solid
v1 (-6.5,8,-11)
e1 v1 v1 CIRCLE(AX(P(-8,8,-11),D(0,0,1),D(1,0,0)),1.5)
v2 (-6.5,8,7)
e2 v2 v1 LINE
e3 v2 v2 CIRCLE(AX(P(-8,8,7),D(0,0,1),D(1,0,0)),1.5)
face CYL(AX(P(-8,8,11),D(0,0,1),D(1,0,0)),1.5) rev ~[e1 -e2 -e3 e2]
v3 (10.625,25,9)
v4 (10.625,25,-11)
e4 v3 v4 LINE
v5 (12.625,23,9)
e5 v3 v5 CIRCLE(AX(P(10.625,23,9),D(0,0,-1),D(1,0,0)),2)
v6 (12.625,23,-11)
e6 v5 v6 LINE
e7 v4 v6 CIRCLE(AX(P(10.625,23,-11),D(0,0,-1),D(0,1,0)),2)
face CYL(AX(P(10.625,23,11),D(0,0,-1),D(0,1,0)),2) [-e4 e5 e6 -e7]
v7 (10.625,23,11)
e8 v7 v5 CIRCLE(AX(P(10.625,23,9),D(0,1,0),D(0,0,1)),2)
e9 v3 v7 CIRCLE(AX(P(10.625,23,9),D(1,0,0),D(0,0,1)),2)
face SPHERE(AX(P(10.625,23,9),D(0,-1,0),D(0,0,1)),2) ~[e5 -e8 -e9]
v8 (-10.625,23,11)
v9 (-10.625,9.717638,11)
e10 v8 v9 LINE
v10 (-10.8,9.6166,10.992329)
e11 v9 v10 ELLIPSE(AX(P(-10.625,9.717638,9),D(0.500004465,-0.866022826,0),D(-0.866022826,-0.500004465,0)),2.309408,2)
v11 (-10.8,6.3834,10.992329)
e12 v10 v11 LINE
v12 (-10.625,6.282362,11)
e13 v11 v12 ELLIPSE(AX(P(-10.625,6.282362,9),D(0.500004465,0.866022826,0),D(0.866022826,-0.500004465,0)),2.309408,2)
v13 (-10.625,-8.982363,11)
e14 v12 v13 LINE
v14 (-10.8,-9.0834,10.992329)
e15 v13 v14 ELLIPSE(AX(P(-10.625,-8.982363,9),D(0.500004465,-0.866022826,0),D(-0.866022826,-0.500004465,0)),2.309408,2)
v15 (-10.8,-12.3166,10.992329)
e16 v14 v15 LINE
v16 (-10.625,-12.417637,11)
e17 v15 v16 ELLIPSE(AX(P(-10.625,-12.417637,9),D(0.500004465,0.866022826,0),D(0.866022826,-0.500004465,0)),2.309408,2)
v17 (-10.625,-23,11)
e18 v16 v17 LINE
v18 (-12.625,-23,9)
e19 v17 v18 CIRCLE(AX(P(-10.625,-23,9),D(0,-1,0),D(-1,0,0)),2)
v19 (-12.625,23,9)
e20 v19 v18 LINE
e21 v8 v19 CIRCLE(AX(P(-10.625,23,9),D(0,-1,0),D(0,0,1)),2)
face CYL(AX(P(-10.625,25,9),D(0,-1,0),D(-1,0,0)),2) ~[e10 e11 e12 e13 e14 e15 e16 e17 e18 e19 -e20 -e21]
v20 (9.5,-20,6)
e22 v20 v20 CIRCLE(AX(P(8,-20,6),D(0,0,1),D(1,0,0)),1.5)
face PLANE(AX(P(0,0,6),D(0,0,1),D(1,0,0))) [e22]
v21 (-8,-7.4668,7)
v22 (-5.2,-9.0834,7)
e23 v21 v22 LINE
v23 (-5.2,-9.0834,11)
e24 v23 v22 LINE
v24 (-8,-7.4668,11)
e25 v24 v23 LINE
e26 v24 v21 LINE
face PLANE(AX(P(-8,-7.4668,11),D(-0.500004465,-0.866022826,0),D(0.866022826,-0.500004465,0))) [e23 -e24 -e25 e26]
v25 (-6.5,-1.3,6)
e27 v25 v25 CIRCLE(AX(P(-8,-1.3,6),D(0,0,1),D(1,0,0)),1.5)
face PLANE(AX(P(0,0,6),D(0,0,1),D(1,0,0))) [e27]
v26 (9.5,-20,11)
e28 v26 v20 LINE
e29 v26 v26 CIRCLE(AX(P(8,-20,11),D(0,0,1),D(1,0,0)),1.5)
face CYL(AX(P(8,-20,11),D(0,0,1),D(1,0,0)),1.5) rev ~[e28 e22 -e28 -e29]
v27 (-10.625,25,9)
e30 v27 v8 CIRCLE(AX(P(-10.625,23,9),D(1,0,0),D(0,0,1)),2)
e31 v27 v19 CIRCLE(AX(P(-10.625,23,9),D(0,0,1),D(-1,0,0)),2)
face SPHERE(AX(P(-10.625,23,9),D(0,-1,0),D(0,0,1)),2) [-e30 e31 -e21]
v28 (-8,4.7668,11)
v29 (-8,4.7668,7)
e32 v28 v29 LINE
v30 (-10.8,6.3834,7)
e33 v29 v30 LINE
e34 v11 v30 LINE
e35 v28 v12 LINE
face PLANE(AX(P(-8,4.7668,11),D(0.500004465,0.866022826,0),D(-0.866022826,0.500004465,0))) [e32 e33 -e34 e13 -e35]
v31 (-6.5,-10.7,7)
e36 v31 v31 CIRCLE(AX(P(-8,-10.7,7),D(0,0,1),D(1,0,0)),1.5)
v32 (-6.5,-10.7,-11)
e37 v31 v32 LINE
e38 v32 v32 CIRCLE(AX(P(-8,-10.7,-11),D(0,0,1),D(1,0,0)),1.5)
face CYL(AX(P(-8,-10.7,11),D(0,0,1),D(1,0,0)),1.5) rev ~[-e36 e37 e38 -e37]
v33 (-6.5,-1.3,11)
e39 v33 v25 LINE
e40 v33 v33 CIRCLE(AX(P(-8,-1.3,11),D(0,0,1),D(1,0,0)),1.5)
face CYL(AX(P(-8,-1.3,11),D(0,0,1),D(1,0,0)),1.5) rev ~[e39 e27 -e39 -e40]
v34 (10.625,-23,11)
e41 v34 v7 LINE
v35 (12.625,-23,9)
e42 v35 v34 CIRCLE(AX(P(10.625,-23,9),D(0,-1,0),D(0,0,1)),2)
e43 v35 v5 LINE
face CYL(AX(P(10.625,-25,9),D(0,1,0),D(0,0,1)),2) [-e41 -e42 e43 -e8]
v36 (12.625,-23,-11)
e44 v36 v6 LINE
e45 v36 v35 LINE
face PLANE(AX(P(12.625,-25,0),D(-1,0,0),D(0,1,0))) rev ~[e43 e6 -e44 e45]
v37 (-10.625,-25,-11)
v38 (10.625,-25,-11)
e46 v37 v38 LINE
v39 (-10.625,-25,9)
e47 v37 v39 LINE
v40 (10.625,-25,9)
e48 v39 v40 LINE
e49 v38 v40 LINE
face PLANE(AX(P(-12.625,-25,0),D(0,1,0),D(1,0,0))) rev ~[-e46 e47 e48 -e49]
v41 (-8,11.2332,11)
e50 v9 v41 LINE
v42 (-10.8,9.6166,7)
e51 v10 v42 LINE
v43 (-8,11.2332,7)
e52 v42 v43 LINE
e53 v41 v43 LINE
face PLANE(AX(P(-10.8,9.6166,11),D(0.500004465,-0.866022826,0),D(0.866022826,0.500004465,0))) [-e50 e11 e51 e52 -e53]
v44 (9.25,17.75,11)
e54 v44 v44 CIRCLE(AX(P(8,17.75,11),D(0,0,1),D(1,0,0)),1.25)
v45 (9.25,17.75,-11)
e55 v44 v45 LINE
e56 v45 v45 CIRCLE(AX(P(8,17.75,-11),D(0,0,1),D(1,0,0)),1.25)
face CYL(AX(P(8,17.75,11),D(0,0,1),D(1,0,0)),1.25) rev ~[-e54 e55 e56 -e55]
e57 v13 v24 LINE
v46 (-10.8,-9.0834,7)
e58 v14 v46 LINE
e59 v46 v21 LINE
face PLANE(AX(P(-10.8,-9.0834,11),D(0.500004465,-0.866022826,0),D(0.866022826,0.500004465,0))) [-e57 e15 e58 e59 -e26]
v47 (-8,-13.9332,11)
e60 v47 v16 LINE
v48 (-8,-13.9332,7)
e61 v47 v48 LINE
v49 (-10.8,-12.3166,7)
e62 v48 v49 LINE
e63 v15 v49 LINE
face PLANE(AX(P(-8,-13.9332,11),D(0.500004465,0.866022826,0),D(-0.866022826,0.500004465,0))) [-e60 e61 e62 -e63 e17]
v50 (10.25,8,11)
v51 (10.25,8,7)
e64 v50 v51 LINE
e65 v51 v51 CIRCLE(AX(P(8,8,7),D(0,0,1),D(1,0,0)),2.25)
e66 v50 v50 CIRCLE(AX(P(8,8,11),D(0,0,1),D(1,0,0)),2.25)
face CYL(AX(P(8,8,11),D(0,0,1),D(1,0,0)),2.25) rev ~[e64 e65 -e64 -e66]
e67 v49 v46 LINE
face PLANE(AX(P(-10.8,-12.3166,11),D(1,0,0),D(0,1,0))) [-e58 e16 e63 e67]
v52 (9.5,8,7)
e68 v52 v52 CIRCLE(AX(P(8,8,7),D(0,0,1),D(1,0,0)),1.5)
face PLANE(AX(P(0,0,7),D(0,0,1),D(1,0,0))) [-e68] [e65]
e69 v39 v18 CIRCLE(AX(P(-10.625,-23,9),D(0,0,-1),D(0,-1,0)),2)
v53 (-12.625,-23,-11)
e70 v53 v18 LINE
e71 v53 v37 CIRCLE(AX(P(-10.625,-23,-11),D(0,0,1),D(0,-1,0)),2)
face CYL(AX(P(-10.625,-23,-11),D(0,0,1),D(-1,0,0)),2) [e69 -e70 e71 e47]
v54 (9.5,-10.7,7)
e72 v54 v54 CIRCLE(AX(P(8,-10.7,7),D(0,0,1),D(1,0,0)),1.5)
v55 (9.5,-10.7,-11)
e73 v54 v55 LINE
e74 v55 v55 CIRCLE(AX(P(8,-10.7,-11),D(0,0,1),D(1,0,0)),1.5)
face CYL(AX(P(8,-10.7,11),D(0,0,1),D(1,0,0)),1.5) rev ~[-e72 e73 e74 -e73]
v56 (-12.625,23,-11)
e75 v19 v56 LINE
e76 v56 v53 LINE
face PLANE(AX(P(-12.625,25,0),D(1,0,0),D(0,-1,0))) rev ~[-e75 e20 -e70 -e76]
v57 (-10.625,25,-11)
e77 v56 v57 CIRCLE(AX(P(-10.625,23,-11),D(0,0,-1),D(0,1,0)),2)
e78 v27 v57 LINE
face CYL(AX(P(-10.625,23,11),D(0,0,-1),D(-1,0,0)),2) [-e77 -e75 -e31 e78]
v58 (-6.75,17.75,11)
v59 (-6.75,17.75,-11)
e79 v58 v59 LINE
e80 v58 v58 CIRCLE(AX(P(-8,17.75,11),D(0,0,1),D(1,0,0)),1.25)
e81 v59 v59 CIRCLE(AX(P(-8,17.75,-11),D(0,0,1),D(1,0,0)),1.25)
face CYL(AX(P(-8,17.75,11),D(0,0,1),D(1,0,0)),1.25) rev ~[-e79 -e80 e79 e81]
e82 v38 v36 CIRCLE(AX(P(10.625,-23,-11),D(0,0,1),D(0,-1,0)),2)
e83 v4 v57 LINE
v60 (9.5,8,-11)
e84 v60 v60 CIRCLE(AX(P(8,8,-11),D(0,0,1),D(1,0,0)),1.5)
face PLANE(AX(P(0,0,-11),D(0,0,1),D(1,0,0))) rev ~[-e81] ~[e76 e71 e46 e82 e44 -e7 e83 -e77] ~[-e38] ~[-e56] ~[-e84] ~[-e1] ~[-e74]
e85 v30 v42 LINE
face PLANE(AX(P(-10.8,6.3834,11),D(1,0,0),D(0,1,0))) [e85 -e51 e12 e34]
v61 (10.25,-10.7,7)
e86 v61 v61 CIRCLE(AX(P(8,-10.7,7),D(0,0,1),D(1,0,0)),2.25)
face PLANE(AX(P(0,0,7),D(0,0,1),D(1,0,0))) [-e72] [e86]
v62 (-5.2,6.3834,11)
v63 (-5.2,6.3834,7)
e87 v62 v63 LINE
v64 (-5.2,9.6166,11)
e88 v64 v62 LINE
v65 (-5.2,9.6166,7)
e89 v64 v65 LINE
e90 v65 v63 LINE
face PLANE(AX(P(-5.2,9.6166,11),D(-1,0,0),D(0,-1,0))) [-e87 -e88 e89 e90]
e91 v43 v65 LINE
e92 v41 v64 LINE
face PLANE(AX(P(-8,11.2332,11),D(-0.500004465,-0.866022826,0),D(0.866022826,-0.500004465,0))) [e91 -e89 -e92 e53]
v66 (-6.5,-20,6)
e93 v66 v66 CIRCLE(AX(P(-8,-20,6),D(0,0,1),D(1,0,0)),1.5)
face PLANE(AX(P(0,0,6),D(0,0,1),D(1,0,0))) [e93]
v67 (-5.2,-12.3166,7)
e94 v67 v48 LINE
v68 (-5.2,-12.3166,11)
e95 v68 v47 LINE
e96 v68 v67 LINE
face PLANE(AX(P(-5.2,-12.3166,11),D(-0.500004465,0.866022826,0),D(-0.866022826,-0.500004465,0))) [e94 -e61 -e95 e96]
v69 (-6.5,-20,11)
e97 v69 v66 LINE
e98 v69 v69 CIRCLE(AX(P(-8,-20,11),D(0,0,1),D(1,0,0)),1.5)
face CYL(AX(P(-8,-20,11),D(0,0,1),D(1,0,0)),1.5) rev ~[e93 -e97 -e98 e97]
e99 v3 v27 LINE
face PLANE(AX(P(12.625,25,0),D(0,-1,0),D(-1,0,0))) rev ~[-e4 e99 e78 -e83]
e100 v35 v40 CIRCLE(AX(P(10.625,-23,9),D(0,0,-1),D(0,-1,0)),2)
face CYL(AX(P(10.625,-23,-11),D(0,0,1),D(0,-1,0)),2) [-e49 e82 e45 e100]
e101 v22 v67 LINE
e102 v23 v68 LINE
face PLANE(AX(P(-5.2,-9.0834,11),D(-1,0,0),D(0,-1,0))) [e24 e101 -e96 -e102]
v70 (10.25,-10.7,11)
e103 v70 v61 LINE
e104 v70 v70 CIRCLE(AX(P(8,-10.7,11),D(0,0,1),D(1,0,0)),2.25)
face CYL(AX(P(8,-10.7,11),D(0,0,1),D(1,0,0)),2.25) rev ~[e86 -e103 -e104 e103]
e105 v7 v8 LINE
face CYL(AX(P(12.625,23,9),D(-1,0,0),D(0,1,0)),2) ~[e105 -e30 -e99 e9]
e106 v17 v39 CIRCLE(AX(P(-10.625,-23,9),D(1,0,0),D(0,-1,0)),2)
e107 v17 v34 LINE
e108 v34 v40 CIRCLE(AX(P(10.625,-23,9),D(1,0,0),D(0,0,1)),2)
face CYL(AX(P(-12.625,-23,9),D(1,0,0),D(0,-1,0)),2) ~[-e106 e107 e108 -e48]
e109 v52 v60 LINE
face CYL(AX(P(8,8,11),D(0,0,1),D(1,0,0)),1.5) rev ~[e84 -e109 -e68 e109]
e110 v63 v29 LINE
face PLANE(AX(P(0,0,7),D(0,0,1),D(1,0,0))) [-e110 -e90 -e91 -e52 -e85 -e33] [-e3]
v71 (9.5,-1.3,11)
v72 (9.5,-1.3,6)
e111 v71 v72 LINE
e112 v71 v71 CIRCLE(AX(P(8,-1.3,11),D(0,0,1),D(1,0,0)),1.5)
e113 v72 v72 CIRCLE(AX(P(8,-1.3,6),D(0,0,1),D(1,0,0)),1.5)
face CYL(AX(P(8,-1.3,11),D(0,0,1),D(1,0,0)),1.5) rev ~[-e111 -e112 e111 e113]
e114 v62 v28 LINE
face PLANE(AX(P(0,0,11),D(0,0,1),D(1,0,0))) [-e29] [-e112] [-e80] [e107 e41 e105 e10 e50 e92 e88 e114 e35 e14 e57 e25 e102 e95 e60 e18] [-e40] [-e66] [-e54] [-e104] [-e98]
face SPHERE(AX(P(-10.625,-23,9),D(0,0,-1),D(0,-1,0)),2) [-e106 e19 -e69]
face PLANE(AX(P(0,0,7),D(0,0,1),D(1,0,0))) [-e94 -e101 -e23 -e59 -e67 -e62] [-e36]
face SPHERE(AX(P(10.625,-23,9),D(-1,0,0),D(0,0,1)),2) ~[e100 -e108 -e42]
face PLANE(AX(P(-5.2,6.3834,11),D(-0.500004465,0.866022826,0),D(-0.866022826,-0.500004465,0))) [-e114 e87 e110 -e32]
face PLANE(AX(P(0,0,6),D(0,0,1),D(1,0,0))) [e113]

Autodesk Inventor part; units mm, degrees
ref_plane "YZ Plane" through (0, 0, 0) normal (1, 0, 0) x (0, 1, 0)
ref_plane "XZ Plane" through (0, 0, 0) normal (0, 1, 0) x (-1, 0, 0)
ref_plane "XY Plane" through (0, 0, 0) normal (0, 0, 1) x (1, 0, 0)
sketch "Эскиз1" plane through (0, 0, 0) normal (0, 0, 1) x (1, 0, 0)
  line L0 (-12.625, -25) -> (12.625, -25)
  line L1 (12.625, -25) -> (12.625, 25)
  line L2 (12.625, 25) -> (-12.625, 25)
  line L3 (-12.625, 25) -> (-12.625, -25)
  line L4 (-12.625, -25) -> (12.625, 25) construction
  line L5 (12.625, -25) -> (-12.625, 25) construction
  point P0 (0, 0)
  dimension "d0" = 25.25
  dimension "d1" = 50
extrude "Выдавливание1" add sketch "Эскиз1" along normal mid plane 22
fillet "Сопряжение1" radius 2 8 edges at (-12.625, -25, 0) (0, -25, 11) (-12.625, 0, 11) (12.625, 0, 11) (12.625, -25, 0) (0, 25, 11) (12.625, 25, 0) (-12.625, 25, 0)
sketch "Эскиз2" plane through (0, 0, 11) normal (0, 0, 1) x (1, 0, 0)
  circle A0 centre (-8, 17.75) radius 1.25
  circle A1 centre (8, 17.75) radius 1.25
  line L0 (-10.625, 23) -> (10.625, 23) projected
  point P0 (0, 0)
  dimension "d17" = 5.25
  dimension "d18" = 5.25
extrude "Выдавливание2" cut sketch "Эскиз2" against normal up to surface (22 mm away)
sketch "Эскиз3" plane through (0, 0, 11) normal (0, 0, 1) x (1, 0, 0)
  point P0 (0, 0)
sketch "Эскиз4" plane through (0, 0, 11) normal (0, 0, 1) x (1, 0, 0)
  circle A0 centre (8, 8) radius 1.5
  circle A1 centre (-8, 8) radius 1.5
  line L0 (-8, 8) -> (8, 8) construction
  circle A2 centre (-8, 17.75) radius 1.25 construction
  line L1 (-8, 17.75) -> (-8, 4.7032) construction
  line L2 (10.625, -23) -> (-10.625, -23) construction
  point P0 (0, 0)
  dimension "d7" = 3
  dimension "d8" = 16
  dimension "d16" = 9.75
extrude "Выдавливание3" cut sketch "Эскиз4" against normal up to surface (22 mm away)
sketch "Эскиз5" plane through (0, 0, 11) normal (0, 0, 1) x (1, 0, 0)
  circle A0 centre (8, 8) radius 1.5 projected
  circle A1 centre (8, 8) radius 2.25
  circle A2 centre (-8, 8) radius 1.5 projected
  line L0 (-8, 11.2332) -> (-5.2, 9.6166)
  line L1 (-5.2, 9.6166) -> (-5.2, 6.3834)
  line L2 (-5.2, 6.3834) -> (-8, 4.7668)
  line L3 (-8, 4.7668) -> (-10.8, 6.3834)
  line L4 (-10.8, 6.3834) -> (-10.8, 9.6166)
  line L5 (-10.8, 9.6166) -> (-8, 11.2332)
  point P0 (0, 0)
  dimension "d12" = 4.5
  dimension "d15" = 5.6
extrude "Выдавливание4" cut sketch "Эскиз5" against normal blind 4
sketch "Эскиз6" plane through (0, 0, 11) normal (0, 0, 1) x (1, 0, 0)
  circle A0 centre (-8, -1.3) radius 1.5
  circle A1 centre (8, -1.3) radius 1.5
  circle A2 centre (-8, -20) radius 1.5
  circle A3 centre (8, -20) radius 1.5
  line L0 (-8, -1.3) -> (-8, -20) construction
  line L1 (-8, -1.3) -> (8, -1.3) construction
  line L2 (-8, -20) -> (8, -20) construction
  line L3 (-10.625, -25) -> (10.625, -25) projected
  line L4 (10.625, -23) -> (-10.625, -23) projected
  line L5 (0, -23) -> (0, 23) construction
  line L6 (-10.625, 23) -> (10.625, 23) projected
  line L7 (0, 35) -> (0, -35) projected
  circle A4 centre (-8, 8) radius 1.5 projected
  point P0 (0, 0)
  point P1 (0, -20)
  dimension "d19" = 3
  dimension "d20" = 16
  dimension "d21" = 16
  dimension "d23" = 5
  dimension "d40" = 9.3
extrude "Выдавливание5" cut sketch "Эскиз6" against normal blind 5 contours A0 | A1 | A2 | A3
sketch "Эскиз7" plane through (0, 0, 11) normal (0, 0, 1) x (1, 0, 0)
  circle A0 centre (-8, -20) radius 1.5 projected
  circle A1 centre (-8, -1.3) radius 1.5 projected
  line L0 (-8, -20) -> (-8, -1.3) construction
  circle A2 centre (8, -20) radius 1.5 projected
  circle A3 centre (8, -1.3) radius 1.5 projected
  line L1 (8, -20) -> (8, -1.3) construction
  circle A4 centre (8, -10.7) radius 2.25
  line L2 (-10.8, -9.0834) -> (-8, -7.4668)
  line L3 (-8, -7.4668) -> (-5.2, -9.0834)
  line L4 (-5.2, -9.0834) -> (-5.2, -12.3166)
  line L5 (-5.2, -12.3166) -> (-8, -13.9332)
  line L6 (-8, -13.9332) -> (-10.8, -12.3166)
  line L7 (-10.8, -12.3166) -> (-10.8, -9.0834)
  circle A5 centre (-8, -10.7) radius 1.5
  circle A6 centre (8, -10.7) radius 1.5
  point P0 (0, 0)
  dimension "d28" = 4.5
  dimension "d29" = 5.6
  dimension "d35" = 3
  dimension "d41" = 9.3
  dimension "d42" = 9.3
extrude "Выдавливание8" cut sketch "Эскиз7" against normal blind 4 contours A4 | L2 L3 L4 L5 L6 L7
sketch "Эскиз9" plane through (0, 0, 11) normal (0, 0, 1) x (1, 0, 0)
  circle A0 centre (-8, -10.7) radius 1.5 projected
  circle A1 centre (8, -10.7) radius 1.5 projected
  point P0 (0, 0)
extrude "Выдавливание9" cut sketch "Эскиз9" against normal up to surface (22 mm away)
properties part number "крепление петли хвоста"
